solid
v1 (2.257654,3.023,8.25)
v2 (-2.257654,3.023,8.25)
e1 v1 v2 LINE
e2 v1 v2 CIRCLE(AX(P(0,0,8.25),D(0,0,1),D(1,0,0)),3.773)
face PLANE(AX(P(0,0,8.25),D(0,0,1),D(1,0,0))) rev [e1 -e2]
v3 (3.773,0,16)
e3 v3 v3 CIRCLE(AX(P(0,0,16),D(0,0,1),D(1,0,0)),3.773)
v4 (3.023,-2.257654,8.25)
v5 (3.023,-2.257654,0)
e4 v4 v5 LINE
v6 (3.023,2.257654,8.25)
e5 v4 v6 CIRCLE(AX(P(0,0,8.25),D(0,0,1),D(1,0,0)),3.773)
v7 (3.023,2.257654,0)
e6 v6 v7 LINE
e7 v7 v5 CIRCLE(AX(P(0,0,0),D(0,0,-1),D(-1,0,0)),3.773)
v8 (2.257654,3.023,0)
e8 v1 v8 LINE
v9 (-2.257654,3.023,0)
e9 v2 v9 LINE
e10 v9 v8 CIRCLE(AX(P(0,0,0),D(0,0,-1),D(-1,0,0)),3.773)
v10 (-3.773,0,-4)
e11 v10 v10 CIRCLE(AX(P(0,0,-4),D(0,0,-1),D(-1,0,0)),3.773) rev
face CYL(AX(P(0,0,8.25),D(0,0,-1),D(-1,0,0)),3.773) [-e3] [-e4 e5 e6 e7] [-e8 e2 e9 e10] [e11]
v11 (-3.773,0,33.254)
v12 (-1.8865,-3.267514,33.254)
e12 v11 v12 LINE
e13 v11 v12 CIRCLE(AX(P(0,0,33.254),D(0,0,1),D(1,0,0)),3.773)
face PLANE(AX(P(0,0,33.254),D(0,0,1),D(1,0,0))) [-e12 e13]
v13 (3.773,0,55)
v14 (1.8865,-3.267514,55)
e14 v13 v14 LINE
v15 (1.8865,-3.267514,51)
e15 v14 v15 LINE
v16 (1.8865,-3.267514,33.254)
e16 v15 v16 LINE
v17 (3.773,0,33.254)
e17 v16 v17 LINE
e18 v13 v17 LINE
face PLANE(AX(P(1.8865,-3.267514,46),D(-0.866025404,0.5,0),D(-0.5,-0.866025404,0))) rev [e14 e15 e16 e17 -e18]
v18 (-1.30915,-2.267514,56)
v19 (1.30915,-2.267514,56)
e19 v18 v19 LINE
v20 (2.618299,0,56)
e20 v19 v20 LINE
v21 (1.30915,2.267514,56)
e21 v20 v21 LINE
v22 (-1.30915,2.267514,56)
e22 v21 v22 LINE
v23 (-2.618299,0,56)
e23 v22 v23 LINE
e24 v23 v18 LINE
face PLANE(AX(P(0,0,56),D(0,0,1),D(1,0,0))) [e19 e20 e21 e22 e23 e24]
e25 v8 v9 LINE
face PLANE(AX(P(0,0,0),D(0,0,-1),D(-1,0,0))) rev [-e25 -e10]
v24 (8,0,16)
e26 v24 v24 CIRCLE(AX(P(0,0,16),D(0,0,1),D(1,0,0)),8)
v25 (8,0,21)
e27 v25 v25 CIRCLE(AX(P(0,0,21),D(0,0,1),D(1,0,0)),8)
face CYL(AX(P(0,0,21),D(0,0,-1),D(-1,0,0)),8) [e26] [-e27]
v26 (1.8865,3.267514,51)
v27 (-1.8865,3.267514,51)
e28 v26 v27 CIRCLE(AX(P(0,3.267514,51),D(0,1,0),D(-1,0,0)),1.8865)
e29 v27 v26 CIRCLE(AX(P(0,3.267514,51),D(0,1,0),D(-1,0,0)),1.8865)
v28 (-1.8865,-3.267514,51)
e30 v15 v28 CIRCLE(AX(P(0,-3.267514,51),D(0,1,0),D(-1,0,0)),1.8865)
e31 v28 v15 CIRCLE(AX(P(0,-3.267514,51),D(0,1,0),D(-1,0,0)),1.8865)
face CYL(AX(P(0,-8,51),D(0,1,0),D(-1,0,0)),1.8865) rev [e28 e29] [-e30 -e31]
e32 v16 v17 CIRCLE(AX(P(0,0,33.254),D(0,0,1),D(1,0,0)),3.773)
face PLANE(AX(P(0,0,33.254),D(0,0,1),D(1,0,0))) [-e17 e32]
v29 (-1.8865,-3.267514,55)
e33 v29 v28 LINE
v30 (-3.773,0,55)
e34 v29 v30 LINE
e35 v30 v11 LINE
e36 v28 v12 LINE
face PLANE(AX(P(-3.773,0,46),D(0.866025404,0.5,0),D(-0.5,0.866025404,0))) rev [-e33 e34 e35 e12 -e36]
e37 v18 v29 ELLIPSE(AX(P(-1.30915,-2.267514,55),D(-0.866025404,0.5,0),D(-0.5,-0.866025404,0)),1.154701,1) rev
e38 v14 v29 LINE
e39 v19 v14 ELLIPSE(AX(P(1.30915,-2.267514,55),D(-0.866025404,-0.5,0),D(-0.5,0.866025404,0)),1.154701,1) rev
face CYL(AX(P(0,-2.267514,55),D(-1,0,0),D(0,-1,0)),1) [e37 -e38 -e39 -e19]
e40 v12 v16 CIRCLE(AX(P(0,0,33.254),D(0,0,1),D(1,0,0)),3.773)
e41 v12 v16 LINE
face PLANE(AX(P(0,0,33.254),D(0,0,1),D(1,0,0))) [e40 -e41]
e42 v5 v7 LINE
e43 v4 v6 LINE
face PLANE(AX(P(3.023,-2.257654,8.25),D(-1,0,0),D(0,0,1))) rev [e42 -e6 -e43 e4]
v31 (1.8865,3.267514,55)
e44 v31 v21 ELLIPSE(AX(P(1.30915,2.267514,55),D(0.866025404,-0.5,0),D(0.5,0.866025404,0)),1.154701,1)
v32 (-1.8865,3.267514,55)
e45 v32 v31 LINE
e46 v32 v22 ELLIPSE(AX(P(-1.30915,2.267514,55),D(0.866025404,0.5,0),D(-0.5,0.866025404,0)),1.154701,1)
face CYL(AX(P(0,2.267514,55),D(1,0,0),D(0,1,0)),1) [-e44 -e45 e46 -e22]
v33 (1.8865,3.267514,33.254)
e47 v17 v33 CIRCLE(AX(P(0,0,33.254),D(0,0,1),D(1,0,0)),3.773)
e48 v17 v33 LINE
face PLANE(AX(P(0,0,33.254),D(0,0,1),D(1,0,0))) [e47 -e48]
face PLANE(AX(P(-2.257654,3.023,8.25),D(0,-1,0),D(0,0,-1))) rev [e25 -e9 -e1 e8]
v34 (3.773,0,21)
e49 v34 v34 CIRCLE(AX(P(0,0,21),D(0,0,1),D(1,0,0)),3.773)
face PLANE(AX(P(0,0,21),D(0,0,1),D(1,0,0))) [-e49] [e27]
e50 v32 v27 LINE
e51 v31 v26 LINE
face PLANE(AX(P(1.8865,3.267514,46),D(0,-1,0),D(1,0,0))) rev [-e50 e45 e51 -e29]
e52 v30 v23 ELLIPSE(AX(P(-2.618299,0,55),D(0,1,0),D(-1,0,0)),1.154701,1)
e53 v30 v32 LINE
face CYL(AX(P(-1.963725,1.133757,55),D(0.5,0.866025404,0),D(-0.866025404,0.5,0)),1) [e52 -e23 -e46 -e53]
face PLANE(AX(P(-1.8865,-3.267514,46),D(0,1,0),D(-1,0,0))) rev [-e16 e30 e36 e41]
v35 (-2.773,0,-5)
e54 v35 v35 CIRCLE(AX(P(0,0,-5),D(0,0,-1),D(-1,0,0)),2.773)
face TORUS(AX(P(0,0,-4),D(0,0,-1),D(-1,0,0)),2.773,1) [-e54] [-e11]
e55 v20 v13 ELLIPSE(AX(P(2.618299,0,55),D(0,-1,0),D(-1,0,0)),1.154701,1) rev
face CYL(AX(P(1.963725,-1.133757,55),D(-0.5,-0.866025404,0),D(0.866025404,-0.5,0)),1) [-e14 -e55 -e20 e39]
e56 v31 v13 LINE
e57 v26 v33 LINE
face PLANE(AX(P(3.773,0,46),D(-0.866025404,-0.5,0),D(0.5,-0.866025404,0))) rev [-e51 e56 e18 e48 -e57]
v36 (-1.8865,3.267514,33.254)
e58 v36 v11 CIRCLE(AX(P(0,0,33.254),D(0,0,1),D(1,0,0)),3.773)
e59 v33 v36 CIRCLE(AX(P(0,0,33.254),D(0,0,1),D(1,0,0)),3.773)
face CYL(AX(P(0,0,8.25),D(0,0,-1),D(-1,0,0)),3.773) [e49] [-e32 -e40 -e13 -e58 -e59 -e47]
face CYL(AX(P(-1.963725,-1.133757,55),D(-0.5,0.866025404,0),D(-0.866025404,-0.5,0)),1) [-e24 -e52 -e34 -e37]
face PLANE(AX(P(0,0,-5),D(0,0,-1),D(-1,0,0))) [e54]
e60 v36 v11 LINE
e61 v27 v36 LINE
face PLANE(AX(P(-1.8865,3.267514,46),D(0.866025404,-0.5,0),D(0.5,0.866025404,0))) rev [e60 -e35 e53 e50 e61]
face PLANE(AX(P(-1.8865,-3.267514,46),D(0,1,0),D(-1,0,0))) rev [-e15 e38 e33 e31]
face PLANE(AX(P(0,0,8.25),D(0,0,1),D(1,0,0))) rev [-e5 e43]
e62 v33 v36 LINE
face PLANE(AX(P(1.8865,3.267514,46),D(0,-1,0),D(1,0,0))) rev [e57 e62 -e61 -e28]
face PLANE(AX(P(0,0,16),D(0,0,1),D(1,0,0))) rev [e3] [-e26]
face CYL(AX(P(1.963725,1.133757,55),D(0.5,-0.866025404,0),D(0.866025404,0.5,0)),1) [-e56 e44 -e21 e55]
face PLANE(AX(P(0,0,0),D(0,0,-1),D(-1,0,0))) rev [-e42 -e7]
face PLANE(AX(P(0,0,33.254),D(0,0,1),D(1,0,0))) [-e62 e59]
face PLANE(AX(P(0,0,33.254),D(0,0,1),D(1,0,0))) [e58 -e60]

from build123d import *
from build123d.topology import SkipClean

# Parameters (mm, degrees)
BOSS_EXTRUDE1_DEPTH  = 8.25
SKETCH2_R            = 3.773
BOSS_EXTRUDE2_DEPTH  = 7.75
BOSS_EXTRUDE3_DEPTH  = 30
BOSS_EXTRUDE4_START  = 8.25
BOSS_EXTRUDE4_DEPTH  = 8.25
BOSS_EXTRUDE6_DEPTH  = 10
SKETCH7_R            = 3.773
BOSS_EXTRUDE7_DEPTH  = 7.254
BOSS_EXTRUDE8_DEPTH  = 10
BOSS_EXTRUDE9_START  = 5
SKETCH9_R            = 3.773
BOSS_EXTRUDE9_DEPTH  = 5
FILLET1_R            = 1
SKETCH10_R           = 8
BOSS_EXTRUDE10_DEPTH = 5
SKETCH11_R           = 1.8865
CUT_EXTRUDE1_DEPTH   = 58.679778678
FILLET2_R            = 1


with BuildPart() as part:
    # Sketch1 → Boss-Extrude1 (new body)
    with BuildSketch(Plane.XY):
        with BuildLine():
            Line((-2.257653649, 3.023), (2.257653649, 3.023))
            ThreePointArc((2.257653649, 3.023), (2.667913885, 2.667913885), (3.023, 2.257653649))
            Line((3.023, 2.257653649), (3.023, -2.257653649))
            ThreePointArc((3.023, -2.257653649), (-2.667913885, -2.667913885), (-2.257653649, 3.023))
        make_face()
        with BuildLine():
            Line((-2.56499937, 0.001798246), (-0.001798246, 2.56499937))
            ThreePointArc((-0.001798246, 2.56499937), (1.813728894, 1.813728894), (2.56499937, -0.001798246))
            Line((2.56499937, -0.001798246), (0.001798246, -2.56499937))
            ThreePointArc((0.001798246, -2.56499937), (-1.813728894, -1.813728894), (-2.56499937, 0.001798246))
        make_face(mode=Mode.SUBTRACT)
    extrude(amount=BOSS_EXTRUDE1_DEPTH)

    # Sketch2 → Boss-Extrude2 (add)
    with SkipClean():  # the faces are left unmerged after this step: merging them gives an invalid solid
        with BuildSketch(Plane.XY.offset(8.25)):
            with Locations(Location((0, 0, 0), (0, 0, 126.753315451))):
                Circle(SKETCH2_R)
        extrude(amount=BOSS_EXTRUDE2_DEPTH)

    # Sketch3 → Boss-Extrude3 (add)
    with SkipClean():  # the faces are left unmerged after this step: merging them gives an invalid solid
        with BuildSketch(Plane.XY.offset(16)):
            Polygon((1.8865, 3.267513848), (-1.8865, 3.267513848), (-3.773, 0), (-1.8865, -3.267513848), (1.8865, -3.267513848), (3.773, 0), align=None)
        extrude(amount=BOSS_EXTRUDE3_DEPTH)

    # Sketch4 → Boss-Extrude4 (add)
    with SkipClean():  # the faces are left unmerged after this step: merging them gives an invalid solid
        with BuildSketch(Plane(origin=(0, 0, 8.25), x_dir=(-1, 0, 0), z_dir=(0, 0, -1)).offset(BOSS_EXTRUDE4_START)):
            with BuildLine():
                Line((-2.56499937, -0.001798246), (-0.001798246, -2.56499937))
                ThreePointArc((-0.001798246, -2.56499937), (1.813728894, -1.813728894), (2.56499937, 0.001798246))
                Line((2.56499937, 0.001798246), (0.001798246, 2.56499937))
                ThreePointArc((0.001798246, 2.56499937), (-1.813728894, 1.813728894), (-2.56499937, -0.001798246))
            make_face()
        extrude(amount=-BOSS_EXTRUDE4_DEPTH)

    # Sketch6 → Boss-Extrude6 (add)
    with SkipClean():  # the faces are left unmerged after this step: merging them gives an invalid solid
        with BuildSketch(Plane.XY.offset(16)):
            with BuildLine():
                ThreePointArc((1.8865, 3.267513848), (0, 3.773), (-1.8865, 3.267513848))
                ThreePointArc((-1.8865, 3.267513848), (-3.267513848, 1.8865), (-3.773, 0))
                ThreePointArc((-3.773, 0), (-3.267513848, -1.8865), (-1.8865, -3.267513848))
                ThreePointArc((-1.8865, -3.267513848), (0, -3.773), (1.8865, -3.267513848))
                ThreePointArc((1.8865, -3.267513848), (3.267513848, -1.8865), (3.773, 0))
                ThreePointArc((3.773, 0), (3.267513848, 1.8865), (1.8865, 3.267513848))
            make_face()
        extrude(amount=BOSS_EXTRUDE6_DEPTH)

    # Sketch7 → Boss-Extrude7 (add)
    with SkipClean():  # the faces are left unmerged after this step: merging them gives an invalid solid
        with BuildSketch(Plane.XY.offset(26)):
            with Locations(Location((0, 0, 0), (0, 0, 180))):
                Circle(SKETCH7_R)
        extrude(amount=BOSS_EXTRUDE7_DEPTH)

    # Sketch8 → Boss-Extrude8 (add)
    with SkipClean():  # the faces are left unmerged after this step: merging them gives an invalid solid
        with BuildSketch(Plane.XY.offset(46)):
            Polygon((3.773, 0), (1.8865, 3.267513848), (-1.8865, 3.267513848), (-3.773, 0), (-1.8865, -3.267513848), (1.8865, -3.267513848), align=None)
        extrude(amount=BOSS_EXTRUDE8_DEPTH)

    # Sketch9 → Boss-Extrude9 (add)
    with SkipClean():  # the faces are left unmerged after this step: merging them gives an invalid solid
        with BuildSketch(Plane(origin=(0, 0, 0), x_dir=(-1, 0, 0), z_dir=(0, 0, -1)).offset(BOSS_EXTRUDE9_START)):
            Circle(SKETCH9_R)
        extrude(amount=-BOSS_EXTRUDE9_DEPTH)

    # Fillet1
    fillet1_edges = [part.edges().sort_by_distance(p)[0] for p in [
        (3.773, 0, -5),
    ]]
    fillet(fillet1_edges, radius=FILLET1_R)

    # Sketch10 → Boss-Extrude10 (add)
    with BuildSketch(Plane.XY.offset(16)):
        Circle(SKETCH10_R)
    extrude(amount=BOSS_EXTRUDE10_DEPTH)

    # Sketch11 → Cut-Extrude1 (cut, through all)
    with SkipClean():  # the faces are left unmerged after this step: merging them gives an invalid solid
        with BuildSketch(Plane(origin=(0, 3.267513848, 0), x_dir=(1, 0, 0), z_dir=(0, 1, 0))):
            with Locations(Location((0, -51, 0), (0, 0, 180))):
                Circle(SKETCH11_R)
        extrude(amount=-CUT_EXTRUDE1_DEPTH, mode=Mode.SUBTRACT)

    # Fillet2
    fillet2_edges = [part.edges().sort_by_distance(p)[0] for p in [
        (2.82975, -1.633756924, 56),
        (2.82975, 1.633756924, 56),
        (0, 3.267513848, 56),
        (-2.82975, 1.633756924, 56),
        (-2.82975, -1.633756924, 56),
        (0, -3.267513848, 56),
    ]]
    fillet(fillet2_edges, radius=FILLET2_R)


solid = part.part
